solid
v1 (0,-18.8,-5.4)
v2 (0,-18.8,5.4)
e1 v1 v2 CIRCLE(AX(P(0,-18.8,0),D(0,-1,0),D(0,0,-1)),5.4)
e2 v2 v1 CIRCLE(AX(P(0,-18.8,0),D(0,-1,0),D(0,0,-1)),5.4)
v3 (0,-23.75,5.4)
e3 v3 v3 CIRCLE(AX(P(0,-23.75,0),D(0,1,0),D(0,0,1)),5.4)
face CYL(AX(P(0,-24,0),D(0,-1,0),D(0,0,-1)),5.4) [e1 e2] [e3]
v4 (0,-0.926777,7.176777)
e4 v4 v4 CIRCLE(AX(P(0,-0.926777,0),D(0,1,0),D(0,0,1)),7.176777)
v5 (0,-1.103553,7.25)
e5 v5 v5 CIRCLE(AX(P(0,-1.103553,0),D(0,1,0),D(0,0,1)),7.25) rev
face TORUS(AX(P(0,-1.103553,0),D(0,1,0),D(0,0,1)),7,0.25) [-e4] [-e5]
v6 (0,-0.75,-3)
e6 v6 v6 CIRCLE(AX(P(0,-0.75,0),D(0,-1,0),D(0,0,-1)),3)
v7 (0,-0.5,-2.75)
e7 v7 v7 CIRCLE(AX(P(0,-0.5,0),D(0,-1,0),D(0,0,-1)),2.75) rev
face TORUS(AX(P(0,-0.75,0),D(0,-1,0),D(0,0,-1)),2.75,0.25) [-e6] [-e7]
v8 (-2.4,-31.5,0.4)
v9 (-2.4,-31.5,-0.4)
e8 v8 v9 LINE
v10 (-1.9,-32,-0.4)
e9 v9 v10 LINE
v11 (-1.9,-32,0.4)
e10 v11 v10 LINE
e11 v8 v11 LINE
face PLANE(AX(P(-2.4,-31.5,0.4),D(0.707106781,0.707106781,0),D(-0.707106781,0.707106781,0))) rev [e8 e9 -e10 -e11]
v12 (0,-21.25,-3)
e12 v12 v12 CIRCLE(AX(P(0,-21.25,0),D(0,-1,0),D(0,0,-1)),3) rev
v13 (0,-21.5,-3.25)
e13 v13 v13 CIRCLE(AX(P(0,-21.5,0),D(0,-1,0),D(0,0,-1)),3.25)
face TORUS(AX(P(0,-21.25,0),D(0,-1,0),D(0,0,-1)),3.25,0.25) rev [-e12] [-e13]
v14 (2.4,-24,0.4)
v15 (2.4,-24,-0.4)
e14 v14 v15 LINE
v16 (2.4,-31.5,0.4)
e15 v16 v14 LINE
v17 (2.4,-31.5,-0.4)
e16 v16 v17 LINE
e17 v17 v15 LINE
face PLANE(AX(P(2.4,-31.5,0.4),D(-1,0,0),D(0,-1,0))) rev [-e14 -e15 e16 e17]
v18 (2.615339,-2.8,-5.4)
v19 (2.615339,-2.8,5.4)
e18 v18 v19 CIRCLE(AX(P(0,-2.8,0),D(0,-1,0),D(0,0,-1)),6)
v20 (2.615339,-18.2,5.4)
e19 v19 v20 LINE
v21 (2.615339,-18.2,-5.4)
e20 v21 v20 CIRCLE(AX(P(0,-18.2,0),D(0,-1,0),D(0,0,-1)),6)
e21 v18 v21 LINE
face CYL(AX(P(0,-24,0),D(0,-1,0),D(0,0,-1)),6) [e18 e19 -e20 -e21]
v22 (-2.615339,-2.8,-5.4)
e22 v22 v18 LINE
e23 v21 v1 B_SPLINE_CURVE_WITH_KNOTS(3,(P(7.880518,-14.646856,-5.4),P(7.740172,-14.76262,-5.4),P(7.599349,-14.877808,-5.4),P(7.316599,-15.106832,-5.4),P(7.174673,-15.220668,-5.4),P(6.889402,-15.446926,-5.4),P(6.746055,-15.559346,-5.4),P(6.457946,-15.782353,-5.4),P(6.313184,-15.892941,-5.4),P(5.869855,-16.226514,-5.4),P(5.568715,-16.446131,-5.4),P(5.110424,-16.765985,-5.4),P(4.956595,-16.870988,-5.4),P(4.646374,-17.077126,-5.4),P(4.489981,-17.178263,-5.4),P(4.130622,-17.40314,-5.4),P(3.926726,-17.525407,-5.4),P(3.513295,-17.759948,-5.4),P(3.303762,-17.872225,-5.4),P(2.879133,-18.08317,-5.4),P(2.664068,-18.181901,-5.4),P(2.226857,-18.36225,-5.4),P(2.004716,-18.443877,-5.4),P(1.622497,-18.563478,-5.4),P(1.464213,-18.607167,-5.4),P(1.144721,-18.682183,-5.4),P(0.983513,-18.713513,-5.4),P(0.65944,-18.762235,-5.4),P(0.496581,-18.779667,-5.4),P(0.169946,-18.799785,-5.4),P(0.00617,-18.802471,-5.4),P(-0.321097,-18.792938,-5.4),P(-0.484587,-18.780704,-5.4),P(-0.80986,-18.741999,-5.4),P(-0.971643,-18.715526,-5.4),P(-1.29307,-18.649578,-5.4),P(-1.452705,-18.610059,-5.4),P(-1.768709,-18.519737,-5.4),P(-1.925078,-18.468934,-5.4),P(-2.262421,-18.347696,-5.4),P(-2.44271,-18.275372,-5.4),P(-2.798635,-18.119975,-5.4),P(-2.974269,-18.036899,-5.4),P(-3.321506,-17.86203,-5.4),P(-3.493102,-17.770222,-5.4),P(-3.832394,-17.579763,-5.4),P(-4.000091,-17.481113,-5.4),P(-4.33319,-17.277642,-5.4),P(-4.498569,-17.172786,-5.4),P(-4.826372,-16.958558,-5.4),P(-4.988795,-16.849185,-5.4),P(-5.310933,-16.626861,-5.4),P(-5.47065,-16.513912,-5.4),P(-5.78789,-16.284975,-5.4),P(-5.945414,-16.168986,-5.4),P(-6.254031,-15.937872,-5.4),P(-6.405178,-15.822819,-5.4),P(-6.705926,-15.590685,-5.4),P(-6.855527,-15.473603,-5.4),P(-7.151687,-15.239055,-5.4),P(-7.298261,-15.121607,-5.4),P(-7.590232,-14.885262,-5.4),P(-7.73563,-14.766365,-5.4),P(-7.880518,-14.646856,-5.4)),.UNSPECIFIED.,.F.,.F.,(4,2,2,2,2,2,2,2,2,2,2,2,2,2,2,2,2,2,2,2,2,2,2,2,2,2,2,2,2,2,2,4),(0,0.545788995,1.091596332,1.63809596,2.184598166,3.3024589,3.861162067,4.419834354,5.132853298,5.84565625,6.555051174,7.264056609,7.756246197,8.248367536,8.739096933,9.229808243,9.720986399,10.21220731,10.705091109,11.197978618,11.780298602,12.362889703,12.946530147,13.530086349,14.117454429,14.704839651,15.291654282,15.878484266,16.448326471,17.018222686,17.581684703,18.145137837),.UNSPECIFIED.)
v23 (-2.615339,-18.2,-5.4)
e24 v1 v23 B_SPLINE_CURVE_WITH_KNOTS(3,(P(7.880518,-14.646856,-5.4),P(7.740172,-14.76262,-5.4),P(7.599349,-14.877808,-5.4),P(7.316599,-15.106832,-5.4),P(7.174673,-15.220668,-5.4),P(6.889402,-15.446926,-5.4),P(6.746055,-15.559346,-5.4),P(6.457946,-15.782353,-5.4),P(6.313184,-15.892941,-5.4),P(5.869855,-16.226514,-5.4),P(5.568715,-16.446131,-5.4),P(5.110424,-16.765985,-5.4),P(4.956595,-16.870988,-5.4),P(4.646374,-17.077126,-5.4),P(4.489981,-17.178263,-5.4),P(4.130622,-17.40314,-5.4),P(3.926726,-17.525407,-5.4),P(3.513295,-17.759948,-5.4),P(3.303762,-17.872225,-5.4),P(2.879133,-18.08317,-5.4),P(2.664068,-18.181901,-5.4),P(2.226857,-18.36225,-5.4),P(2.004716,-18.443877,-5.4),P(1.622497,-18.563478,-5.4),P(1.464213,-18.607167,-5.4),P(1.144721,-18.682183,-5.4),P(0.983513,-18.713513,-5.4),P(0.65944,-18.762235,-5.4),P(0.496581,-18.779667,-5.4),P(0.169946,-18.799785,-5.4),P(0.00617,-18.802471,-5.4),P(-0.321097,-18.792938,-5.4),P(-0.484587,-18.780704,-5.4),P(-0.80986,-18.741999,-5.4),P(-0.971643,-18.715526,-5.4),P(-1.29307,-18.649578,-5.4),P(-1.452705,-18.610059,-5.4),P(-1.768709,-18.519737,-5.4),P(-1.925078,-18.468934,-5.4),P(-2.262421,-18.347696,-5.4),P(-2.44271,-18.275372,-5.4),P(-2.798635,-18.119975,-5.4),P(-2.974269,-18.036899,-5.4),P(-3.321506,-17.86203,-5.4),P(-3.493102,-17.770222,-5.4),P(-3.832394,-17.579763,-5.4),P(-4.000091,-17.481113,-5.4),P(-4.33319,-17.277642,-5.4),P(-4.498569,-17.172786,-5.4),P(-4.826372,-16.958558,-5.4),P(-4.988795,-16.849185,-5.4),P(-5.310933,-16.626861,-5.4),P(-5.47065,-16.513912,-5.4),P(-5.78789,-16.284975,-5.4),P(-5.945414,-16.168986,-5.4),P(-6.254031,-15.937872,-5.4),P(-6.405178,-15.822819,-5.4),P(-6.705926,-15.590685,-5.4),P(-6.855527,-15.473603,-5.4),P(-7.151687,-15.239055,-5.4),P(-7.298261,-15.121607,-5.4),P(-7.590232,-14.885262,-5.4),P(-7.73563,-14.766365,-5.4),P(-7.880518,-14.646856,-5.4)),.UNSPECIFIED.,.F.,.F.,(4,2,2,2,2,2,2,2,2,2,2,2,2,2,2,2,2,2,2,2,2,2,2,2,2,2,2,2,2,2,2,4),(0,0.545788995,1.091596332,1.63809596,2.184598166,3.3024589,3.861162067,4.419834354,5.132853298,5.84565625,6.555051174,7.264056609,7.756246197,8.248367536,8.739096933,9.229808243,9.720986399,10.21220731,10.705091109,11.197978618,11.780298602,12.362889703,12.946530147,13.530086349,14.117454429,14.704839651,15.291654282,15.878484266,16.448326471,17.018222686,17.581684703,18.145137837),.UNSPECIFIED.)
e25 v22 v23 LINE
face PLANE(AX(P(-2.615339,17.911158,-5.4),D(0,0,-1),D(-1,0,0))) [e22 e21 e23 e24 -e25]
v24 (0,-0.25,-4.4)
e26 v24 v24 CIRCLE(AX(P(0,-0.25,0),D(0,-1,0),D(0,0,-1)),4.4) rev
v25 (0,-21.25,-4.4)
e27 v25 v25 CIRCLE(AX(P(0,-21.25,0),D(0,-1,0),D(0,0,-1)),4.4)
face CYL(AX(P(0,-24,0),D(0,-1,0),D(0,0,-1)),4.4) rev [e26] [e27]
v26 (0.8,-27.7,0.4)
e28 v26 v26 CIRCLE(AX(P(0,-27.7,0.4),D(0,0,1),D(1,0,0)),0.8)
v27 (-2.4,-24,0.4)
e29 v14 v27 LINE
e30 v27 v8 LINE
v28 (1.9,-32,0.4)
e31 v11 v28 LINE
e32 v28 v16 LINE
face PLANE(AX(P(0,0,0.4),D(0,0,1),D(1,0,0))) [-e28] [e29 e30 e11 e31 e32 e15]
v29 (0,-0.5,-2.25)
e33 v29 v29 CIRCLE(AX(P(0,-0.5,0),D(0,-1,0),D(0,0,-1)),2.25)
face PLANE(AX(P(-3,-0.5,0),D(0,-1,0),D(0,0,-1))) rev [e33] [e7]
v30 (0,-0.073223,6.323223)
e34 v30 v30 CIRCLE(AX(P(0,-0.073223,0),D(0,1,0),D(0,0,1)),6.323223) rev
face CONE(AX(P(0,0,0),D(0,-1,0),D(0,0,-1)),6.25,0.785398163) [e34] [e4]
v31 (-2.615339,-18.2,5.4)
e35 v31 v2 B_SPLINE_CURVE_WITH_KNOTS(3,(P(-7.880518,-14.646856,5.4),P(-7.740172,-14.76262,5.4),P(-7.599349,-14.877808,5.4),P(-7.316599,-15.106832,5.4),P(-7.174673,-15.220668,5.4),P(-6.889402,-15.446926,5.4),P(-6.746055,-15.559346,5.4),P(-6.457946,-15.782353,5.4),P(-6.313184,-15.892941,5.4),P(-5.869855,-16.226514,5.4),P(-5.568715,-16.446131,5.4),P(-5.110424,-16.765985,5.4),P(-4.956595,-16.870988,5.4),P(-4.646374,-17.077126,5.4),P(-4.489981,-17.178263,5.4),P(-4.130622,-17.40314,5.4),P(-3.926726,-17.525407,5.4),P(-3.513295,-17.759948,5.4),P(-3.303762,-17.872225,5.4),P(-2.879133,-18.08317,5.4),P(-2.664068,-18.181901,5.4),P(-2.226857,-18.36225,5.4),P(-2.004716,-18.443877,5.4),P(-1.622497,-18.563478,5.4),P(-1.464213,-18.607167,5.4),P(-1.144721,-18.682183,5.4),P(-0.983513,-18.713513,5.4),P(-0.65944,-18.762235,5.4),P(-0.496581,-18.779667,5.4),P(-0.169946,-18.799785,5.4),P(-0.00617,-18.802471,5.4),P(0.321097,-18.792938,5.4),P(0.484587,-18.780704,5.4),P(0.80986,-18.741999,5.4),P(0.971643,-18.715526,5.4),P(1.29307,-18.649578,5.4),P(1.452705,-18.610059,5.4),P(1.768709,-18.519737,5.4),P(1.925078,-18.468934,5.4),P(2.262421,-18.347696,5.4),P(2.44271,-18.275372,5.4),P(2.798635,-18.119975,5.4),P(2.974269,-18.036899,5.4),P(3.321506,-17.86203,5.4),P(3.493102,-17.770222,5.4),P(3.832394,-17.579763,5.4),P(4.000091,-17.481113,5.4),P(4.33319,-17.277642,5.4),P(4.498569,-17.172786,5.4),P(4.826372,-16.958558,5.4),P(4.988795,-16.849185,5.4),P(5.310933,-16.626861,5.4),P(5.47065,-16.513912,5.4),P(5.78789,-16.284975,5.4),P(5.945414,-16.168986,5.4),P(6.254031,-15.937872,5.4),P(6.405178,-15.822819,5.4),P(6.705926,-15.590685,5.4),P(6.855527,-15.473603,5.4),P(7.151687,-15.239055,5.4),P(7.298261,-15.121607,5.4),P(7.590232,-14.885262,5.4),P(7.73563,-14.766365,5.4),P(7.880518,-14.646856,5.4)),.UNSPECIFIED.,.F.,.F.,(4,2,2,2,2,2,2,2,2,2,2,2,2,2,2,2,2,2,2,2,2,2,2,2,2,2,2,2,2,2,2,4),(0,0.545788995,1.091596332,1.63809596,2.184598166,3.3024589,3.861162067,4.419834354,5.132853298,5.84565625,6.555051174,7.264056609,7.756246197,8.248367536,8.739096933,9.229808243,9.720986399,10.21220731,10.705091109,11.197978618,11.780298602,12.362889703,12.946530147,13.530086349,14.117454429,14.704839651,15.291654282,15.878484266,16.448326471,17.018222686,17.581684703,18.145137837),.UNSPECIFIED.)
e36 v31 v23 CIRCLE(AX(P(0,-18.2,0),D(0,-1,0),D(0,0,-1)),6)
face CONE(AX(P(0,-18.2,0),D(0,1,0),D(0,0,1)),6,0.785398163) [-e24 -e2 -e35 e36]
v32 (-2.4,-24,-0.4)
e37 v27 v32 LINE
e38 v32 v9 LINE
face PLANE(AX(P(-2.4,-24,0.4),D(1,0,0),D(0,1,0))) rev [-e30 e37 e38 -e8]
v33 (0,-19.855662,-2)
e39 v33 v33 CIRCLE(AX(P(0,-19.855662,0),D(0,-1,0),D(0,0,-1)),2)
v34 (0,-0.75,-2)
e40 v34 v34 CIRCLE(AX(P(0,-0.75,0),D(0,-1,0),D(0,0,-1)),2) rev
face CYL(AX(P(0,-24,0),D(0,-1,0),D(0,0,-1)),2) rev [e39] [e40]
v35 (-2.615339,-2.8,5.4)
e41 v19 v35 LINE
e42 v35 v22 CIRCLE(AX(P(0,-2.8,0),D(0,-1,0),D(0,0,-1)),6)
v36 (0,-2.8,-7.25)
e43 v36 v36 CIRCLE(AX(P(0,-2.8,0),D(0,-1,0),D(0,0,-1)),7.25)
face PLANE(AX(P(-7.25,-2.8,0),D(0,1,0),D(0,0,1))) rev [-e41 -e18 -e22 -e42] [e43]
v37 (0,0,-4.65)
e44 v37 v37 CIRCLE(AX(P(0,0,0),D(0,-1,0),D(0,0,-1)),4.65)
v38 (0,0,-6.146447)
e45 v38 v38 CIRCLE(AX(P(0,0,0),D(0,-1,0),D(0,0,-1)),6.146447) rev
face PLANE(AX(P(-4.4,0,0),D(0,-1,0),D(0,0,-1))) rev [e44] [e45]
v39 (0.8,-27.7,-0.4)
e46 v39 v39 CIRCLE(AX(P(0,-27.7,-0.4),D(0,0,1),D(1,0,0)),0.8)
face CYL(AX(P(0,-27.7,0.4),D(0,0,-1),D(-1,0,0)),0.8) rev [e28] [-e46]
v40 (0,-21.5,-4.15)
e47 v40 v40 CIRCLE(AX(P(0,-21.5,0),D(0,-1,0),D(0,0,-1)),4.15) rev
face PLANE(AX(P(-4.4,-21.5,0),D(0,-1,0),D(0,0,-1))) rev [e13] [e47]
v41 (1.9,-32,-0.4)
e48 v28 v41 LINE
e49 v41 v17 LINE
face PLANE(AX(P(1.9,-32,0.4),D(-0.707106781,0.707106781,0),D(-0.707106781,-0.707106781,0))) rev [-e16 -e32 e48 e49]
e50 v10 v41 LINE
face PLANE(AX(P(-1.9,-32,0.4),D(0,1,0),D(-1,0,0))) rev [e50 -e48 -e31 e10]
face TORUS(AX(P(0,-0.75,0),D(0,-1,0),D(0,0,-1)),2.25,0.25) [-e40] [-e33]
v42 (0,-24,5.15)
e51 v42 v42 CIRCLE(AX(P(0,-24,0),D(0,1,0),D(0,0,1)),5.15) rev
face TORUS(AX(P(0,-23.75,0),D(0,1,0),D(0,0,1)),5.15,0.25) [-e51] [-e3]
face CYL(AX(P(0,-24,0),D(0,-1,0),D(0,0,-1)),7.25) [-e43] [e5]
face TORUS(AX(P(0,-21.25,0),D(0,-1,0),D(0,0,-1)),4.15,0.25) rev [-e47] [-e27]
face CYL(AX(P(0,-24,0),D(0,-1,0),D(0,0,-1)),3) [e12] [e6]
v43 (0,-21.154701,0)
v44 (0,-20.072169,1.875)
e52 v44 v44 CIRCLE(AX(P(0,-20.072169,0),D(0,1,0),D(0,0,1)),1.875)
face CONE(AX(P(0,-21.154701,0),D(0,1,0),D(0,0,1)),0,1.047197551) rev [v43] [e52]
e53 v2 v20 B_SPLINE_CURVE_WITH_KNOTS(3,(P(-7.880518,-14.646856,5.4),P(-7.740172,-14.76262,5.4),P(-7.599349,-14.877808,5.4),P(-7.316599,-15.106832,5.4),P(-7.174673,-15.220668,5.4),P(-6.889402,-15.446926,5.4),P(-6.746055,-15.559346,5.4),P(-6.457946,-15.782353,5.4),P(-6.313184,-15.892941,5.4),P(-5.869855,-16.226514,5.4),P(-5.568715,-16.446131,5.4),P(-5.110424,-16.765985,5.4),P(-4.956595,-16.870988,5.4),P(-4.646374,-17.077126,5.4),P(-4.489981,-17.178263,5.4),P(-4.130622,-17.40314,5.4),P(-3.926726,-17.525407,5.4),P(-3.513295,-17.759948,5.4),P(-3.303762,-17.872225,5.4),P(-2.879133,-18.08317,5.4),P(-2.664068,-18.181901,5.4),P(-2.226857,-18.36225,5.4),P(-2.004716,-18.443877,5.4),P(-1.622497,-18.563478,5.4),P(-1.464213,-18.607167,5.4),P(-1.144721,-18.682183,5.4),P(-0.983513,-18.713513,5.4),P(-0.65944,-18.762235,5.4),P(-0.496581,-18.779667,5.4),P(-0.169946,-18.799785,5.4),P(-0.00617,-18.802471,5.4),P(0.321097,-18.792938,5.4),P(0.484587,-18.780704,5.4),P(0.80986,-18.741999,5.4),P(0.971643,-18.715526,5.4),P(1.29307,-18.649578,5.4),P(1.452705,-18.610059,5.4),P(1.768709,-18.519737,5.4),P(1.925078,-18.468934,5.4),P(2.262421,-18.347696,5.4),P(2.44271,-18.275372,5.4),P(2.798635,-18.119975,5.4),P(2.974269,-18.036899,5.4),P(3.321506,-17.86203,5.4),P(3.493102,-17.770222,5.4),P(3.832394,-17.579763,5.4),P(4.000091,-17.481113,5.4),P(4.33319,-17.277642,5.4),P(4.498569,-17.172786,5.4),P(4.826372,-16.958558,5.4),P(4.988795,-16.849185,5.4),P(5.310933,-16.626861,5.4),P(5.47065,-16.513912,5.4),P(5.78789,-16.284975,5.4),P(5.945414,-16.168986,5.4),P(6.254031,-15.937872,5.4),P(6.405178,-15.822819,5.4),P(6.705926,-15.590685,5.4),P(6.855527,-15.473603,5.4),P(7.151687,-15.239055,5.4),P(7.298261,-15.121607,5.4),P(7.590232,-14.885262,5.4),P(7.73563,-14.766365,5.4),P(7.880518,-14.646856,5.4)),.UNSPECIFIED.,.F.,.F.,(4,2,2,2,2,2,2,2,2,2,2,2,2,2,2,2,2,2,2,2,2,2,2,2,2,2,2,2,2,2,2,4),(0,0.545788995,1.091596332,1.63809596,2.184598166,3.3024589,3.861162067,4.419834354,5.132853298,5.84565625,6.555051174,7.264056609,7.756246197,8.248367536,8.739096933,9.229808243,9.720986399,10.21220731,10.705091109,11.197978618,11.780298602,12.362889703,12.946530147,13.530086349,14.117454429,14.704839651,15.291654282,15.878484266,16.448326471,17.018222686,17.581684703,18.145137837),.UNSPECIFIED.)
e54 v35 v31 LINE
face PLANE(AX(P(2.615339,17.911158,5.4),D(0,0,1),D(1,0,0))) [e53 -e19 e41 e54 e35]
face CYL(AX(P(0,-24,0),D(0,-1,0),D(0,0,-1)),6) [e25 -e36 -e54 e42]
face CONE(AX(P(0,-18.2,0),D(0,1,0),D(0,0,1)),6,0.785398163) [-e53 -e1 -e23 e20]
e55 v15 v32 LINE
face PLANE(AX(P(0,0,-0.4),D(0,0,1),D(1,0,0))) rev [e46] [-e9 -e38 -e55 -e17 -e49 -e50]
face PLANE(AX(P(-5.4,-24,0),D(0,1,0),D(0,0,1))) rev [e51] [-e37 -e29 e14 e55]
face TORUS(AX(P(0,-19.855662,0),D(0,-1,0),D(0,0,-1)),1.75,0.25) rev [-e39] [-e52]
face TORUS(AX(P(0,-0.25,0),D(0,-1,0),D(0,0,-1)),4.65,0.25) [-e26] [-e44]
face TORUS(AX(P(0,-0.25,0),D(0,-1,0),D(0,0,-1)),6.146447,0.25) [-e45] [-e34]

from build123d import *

# Parameters (mm, degrees)
SKETCH2_R           = 0.8
BOSS_EXTRUDE1_DEPTH = 0.4
SKETCH3_OUTSIDE_W   = 24.102
SKETCH3_OUTSIDE_H   = 24.102
CUT_EXTRUDE1_DEPTH  = 21.2
FILLET1_R           = 0.25


with BuildPart() as part:
    # Sketch1 → Revolve1 (revolve)
    with BuildSketch(Plane.XY, mode=Mode.PRIVATE) as revolve1_sk:
        Polygon((-6.25, 0), (-7.25, -1), (-7.25, -2.8), (-6, -2.8), (-6, -18.2), (-5.4, -18.8), (-5.4, -24), (0, -24), (0, -21.154700538), (-2, -20), (-2, -0.5), (-3, -0.5), (-3, -21.5), (-4.4, -21.5), (-4.4, 0), align=None)
    revolve(revolve1_sk.sketch.rotate(Axis((0, -24, 0), (0, 1, 0)), 270), axis=Axis((0, -24, 0), (0, 1, 0)))

    # Sketch2 → Boss-Extrude1 (add, symmetric)
    with BuildSketch(Plane.XY):
        Polygon((-2.4, -24), (-2.4, -31.5), (-1.9, -32), (1.9, -32), (2.4, -31.5), (2.4, -24), align=None)
        with Locations((0, -27.7)):
            Circle(SKETCH2_R, mode=Mode.SUBTRACT)
    extrude(amount=BOSS_EXTRUDE1_DEPTH, both=True)

    # Sketch3 outside → Cut-Extrude1 (cut)
    with BuildSketch(Plane.XZ.offset(24)):
        Rectangle(SKETCH3_OUTSIDE_W, SKETCH3_OUTSIDE_H)
        with BuildLine():
            Line((2.615339366, 5.4), (-2.615339366, 5.4))
            ThreePointArc((-2.615339366, 5.4), (-6, 0), (-2.615339366, -5.4))
            Line((-2.615339366, -5.4), (2.615339366, -5.4))
            ThreePointArc((2.615339366, -5.4), (6, 0), (2.615339366, 5.4))
        make_face(mode=Mode.SUBTRACT)
    extrude(amount=-CUT_EXTRUDE1_DEPTH, mode=Mode.SUBTRACT)

    # Fillet1
    fillet1_edges = [part.edges().sort_by_distance(p)[0] for p in [
        (0, 0, 4.4),
        (0, -21.5, 4.4),
        (0, -21.5, 3),
        (0, -0.5, 3),
        (0, -0.5, 2),
        (0, -20, 2),
        (0, -24, 5.4),
        (0, -1, 7.25),
        (0, 0, 6.25),
    ]]
    fillet(fillet1_edges, radius=FILLET1_R)


solid = part.part
